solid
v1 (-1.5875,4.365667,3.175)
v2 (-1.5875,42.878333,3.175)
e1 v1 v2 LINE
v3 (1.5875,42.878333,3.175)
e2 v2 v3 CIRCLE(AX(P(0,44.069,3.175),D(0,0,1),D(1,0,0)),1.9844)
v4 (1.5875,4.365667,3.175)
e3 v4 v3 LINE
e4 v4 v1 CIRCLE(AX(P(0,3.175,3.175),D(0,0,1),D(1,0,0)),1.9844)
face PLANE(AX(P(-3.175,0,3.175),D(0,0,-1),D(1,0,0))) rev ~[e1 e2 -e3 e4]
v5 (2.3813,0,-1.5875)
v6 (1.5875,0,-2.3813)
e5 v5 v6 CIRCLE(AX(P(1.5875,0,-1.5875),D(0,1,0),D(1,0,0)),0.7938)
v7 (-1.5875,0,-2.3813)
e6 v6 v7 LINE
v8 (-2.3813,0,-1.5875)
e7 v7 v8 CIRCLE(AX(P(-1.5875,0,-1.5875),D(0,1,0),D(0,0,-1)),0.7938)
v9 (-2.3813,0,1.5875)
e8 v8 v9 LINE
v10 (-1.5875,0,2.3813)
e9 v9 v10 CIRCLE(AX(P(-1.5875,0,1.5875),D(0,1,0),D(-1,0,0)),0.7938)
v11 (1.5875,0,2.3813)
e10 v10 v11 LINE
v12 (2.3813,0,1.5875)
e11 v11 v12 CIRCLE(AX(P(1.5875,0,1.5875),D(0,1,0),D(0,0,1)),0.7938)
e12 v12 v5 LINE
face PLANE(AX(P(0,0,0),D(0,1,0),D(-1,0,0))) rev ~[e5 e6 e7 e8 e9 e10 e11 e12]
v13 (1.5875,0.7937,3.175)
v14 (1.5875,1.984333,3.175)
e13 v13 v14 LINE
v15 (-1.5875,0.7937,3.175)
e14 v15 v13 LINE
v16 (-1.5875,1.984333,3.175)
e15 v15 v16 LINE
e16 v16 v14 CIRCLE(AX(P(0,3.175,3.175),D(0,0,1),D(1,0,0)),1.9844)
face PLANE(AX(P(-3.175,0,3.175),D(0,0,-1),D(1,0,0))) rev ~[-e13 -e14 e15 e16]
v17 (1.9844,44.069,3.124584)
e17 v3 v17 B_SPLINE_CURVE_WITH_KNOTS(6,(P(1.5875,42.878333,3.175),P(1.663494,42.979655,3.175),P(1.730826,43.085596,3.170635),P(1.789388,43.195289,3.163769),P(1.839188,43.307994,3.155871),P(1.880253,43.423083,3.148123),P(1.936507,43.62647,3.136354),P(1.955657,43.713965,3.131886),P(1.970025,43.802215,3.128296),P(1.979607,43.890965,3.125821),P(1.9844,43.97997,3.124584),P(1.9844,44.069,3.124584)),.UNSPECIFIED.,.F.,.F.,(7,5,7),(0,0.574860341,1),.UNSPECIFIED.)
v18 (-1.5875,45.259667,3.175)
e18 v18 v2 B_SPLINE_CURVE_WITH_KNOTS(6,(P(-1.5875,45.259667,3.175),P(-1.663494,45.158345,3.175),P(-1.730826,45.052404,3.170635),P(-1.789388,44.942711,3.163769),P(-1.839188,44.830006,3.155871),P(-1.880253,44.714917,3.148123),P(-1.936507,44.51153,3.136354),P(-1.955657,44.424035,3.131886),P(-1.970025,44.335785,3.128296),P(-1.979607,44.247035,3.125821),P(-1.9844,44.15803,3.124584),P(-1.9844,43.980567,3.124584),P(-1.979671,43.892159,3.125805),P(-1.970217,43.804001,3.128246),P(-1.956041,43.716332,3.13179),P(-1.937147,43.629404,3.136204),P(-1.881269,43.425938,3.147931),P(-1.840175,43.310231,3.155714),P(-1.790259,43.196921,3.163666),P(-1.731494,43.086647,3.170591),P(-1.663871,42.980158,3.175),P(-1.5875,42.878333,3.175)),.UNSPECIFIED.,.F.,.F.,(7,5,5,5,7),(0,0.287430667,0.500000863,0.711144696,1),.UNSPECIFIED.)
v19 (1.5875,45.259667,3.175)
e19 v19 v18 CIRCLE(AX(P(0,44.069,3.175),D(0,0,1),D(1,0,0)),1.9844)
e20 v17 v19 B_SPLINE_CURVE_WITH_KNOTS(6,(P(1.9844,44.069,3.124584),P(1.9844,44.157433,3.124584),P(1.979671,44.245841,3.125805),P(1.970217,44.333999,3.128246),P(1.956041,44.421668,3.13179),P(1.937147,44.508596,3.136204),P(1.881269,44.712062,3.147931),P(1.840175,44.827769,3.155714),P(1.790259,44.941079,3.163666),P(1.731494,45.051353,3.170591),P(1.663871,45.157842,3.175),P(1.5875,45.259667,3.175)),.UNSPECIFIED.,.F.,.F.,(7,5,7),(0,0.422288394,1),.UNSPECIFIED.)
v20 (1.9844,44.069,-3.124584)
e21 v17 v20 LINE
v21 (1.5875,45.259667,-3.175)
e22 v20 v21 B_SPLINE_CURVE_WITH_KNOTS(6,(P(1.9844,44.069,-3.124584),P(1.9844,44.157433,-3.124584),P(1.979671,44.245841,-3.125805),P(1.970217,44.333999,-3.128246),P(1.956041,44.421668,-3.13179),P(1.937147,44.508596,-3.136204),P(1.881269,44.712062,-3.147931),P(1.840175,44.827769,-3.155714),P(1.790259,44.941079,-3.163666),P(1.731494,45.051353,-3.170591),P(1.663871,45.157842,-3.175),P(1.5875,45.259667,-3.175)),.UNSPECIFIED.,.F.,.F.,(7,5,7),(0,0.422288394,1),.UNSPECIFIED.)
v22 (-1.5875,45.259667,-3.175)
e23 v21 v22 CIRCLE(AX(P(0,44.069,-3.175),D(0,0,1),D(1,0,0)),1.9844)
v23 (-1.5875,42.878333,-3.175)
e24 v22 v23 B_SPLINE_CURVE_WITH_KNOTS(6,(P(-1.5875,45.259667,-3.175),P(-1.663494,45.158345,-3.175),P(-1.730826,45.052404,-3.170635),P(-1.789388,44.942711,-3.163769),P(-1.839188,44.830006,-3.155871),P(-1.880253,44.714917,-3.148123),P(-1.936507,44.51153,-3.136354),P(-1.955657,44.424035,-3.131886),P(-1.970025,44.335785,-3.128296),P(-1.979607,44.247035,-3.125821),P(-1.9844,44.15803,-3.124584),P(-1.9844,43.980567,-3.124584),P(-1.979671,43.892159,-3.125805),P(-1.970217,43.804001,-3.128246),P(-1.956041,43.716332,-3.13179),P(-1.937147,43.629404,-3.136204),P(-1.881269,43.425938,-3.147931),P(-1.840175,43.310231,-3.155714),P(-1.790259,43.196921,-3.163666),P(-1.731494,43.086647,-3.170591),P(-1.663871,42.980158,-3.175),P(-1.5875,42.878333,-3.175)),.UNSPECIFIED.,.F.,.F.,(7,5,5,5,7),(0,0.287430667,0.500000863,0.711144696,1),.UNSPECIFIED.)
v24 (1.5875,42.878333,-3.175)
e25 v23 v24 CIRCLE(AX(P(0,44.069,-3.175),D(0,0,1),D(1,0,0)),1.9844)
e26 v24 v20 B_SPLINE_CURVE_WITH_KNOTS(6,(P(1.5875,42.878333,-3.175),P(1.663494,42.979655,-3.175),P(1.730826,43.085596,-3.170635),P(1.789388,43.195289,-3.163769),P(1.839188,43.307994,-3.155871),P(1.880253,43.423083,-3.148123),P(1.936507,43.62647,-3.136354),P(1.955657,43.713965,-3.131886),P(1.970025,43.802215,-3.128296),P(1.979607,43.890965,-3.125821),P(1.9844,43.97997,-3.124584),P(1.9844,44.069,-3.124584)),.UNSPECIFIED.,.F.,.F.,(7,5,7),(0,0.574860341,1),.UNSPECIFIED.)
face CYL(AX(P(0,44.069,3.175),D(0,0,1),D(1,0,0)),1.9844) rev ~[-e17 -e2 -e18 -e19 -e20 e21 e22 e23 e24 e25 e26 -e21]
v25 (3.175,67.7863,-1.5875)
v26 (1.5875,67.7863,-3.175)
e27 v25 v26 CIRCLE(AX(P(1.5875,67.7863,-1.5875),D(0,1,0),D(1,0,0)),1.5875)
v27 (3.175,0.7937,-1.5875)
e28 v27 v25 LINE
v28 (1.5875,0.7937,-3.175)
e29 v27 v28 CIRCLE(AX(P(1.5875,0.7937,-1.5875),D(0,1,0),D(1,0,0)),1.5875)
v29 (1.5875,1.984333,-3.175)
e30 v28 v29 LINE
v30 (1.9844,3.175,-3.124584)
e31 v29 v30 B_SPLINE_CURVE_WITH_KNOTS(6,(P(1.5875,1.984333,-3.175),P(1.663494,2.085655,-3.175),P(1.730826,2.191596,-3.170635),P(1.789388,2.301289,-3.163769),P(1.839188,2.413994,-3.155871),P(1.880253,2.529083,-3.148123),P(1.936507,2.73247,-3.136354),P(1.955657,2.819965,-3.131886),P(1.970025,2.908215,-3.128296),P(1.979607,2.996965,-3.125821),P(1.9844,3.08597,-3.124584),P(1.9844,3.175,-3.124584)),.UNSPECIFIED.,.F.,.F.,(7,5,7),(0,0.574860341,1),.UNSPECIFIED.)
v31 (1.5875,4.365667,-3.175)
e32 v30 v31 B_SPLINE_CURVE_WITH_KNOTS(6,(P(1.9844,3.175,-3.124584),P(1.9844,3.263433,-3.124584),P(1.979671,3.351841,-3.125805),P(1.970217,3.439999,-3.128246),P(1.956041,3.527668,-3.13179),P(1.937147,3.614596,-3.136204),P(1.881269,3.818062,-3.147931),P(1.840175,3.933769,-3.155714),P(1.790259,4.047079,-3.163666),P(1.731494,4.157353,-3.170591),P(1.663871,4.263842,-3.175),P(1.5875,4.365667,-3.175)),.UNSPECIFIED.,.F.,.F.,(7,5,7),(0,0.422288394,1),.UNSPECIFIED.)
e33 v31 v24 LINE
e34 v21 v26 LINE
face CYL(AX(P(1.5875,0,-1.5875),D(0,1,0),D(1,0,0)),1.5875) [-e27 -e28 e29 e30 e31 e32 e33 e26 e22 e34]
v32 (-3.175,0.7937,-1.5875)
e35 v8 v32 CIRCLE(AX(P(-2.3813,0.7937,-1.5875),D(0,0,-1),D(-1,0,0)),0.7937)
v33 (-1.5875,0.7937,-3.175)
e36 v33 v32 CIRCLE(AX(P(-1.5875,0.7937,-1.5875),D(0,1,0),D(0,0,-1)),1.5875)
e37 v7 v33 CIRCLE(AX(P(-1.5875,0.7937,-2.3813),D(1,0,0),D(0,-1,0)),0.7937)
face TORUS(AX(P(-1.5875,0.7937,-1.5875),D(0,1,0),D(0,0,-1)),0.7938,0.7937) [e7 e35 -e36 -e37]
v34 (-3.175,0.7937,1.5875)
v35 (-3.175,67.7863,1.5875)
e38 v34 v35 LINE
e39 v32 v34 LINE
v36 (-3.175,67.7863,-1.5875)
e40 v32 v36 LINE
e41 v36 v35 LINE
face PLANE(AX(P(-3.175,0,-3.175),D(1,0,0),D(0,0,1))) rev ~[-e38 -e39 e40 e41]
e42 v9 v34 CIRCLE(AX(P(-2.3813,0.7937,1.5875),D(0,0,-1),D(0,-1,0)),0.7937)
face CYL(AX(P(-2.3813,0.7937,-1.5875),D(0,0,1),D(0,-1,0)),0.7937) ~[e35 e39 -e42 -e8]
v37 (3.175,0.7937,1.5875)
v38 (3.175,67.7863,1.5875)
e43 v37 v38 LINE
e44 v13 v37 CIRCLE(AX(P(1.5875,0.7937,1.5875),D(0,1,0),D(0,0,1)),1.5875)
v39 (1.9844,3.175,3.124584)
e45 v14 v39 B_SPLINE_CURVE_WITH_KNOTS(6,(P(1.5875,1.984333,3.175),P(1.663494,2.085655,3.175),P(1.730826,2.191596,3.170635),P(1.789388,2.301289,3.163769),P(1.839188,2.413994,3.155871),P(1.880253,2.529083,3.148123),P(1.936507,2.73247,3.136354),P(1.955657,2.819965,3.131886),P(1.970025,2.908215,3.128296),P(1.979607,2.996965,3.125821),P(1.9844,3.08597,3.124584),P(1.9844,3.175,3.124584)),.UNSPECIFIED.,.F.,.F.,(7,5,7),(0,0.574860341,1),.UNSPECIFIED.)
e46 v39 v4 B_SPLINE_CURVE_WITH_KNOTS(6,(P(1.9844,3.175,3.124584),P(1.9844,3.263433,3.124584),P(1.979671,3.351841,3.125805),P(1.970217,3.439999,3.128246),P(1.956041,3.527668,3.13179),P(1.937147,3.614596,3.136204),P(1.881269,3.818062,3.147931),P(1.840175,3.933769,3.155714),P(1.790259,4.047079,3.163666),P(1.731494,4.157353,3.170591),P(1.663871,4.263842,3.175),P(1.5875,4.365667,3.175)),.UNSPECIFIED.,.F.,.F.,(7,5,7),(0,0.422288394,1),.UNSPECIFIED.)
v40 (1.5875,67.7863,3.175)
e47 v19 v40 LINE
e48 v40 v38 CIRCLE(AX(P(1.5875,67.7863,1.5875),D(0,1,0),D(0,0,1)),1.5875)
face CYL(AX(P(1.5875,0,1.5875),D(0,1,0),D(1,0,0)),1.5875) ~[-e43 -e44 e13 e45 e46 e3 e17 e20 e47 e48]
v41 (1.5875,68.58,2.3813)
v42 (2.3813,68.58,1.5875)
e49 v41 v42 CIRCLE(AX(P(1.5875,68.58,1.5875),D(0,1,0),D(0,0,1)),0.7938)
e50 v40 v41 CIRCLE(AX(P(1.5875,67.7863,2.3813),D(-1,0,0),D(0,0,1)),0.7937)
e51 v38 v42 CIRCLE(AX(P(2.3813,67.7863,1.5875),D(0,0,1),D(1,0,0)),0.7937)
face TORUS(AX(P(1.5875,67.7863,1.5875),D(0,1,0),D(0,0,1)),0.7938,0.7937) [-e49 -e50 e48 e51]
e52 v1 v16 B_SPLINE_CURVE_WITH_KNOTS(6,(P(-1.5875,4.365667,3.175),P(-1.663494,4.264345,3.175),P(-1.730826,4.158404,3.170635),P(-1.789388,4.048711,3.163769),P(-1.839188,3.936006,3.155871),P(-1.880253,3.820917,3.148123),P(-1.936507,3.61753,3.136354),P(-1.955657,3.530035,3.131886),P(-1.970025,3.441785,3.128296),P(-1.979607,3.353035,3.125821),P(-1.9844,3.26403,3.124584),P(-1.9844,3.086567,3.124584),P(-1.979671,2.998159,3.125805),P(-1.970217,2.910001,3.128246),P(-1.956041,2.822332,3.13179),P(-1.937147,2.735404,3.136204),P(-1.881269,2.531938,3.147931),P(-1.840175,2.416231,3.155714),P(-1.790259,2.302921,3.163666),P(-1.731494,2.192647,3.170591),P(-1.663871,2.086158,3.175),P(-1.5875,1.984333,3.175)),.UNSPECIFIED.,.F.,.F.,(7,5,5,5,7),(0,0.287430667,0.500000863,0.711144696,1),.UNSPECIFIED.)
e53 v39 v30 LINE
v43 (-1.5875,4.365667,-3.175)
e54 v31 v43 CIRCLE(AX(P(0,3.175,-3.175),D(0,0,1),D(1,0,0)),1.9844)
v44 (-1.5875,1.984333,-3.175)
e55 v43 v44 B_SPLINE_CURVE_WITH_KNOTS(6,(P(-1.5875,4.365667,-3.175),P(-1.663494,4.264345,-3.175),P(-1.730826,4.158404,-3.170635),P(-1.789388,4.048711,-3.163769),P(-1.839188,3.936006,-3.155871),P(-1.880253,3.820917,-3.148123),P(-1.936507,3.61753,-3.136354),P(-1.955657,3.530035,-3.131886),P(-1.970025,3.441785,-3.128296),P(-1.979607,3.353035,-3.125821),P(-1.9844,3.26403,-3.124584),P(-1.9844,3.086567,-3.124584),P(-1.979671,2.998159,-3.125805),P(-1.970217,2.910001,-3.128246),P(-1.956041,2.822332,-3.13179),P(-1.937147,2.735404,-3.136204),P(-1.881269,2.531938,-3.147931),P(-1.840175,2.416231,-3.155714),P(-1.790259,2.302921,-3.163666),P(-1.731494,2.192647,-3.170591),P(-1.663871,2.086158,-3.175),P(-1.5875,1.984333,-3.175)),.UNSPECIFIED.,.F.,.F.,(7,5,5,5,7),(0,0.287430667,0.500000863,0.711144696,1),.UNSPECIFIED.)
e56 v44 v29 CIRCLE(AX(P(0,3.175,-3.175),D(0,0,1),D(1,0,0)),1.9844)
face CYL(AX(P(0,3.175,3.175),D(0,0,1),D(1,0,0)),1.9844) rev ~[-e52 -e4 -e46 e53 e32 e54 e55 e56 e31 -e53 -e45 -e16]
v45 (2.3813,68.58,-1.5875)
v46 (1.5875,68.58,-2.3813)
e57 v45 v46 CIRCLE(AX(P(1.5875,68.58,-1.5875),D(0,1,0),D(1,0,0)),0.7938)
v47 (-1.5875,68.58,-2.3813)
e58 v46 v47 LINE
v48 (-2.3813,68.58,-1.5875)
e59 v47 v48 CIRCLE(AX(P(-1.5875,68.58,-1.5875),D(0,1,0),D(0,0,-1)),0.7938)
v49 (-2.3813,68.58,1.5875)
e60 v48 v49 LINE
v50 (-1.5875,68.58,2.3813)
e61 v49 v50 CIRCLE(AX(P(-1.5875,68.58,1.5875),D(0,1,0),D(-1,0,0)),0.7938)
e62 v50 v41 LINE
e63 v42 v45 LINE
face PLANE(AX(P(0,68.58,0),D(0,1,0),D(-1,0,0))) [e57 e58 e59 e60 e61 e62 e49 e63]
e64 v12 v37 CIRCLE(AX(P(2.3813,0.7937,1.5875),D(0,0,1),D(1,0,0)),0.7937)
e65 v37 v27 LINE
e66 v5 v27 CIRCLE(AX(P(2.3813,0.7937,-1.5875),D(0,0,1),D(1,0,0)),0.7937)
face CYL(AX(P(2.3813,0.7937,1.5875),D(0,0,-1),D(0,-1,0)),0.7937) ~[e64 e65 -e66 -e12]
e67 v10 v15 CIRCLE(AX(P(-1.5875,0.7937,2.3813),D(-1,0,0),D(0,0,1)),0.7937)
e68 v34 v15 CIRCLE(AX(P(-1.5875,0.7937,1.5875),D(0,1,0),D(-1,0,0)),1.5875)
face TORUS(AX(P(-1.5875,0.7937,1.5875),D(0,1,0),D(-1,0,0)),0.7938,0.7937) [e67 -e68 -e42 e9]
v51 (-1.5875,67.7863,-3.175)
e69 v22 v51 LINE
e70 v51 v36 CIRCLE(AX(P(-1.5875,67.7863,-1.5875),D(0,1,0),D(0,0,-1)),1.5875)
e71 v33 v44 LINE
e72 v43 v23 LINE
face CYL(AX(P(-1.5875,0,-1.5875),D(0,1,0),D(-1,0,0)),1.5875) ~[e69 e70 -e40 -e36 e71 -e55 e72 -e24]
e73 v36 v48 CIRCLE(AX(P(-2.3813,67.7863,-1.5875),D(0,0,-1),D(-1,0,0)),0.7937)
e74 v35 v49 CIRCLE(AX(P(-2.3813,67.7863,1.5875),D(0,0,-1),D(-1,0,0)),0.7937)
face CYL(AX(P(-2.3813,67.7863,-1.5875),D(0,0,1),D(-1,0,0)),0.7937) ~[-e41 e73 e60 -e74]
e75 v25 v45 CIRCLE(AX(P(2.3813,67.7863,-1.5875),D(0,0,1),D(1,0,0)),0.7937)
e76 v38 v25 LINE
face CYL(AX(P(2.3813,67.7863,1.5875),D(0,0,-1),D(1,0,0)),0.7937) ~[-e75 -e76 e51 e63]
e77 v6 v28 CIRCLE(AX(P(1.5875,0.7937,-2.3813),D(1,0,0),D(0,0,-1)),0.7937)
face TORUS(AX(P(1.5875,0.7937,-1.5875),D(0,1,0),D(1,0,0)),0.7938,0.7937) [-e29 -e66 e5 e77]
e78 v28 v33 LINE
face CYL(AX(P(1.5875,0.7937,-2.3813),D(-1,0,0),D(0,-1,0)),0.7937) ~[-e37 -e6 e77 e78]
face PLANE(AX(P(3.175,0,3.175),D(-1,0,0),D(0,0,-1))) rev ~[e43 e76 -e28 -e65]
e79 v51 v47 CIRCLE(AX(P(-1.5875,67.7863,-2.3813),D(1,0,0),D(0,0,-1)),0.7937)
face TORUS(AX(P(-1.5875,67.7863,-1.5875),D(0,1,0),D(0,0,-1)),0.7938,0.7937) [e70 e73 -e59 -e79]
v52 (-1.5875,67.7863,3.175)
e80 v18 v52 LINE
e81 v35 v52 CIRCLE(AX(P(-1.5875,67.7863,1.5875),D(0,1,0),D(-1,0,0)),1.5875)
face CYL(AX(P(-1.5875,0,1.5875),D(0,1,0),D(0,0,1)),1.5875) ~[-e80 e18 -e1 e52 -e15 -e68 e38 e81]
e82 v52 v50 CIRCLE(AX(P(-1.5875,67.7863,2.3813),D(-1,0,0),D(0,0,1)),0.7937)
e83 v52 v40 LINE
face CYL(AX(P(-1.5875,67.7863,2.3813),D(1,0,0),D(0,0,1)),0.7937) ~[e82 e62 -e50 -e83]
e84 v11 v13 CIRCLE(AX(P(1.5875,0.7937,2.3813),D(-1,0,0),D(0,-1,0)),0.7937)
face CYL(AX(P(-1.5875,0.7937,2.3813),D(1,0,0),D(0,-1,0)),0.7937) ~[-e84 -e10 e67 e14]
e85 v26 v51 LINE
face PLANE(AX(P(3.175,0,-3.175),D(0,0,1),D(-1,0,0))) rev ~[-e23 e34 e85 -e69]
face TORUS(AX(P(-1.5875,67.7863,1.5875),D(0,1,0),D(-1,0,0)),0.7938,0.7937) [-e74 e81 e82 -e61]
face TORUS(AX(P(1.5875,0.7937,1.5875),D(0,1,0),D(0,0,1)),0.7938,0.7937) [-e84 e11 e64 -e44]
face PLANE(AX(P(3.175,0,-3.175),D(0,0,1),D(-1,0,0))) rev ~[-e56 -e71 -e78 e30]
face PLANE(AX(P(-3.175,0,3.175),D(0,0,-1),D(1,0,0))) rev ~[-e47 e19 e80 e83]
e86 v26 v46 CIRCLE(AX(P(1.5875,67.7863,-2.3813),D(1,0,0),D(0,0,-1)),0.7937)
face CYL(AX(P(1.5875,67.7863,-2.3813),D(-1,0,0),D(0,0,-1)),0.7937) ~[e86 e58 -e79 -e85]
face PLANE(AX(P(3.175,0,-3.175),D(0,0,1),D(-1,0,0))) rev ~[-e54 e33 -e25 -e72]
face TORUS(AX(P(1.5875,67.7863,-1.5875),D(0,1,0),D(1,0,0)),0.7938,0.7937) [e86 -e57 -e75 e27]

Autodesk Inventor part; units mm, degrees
ref_plane "YZ Plane" through (0, 0, 0) normal (1, 0, 0) x (0, 1, 0)
ref_plane "XZ Plane" through (0, 0, 0) normal (0, 1, 0) x (-1, 0, 0)
ref_plane "XY Plane" through (0, 0, 0) normal (0, 0, 1) x (1, 0, 0)
sketch "Sketch1" plane through (0, 0, 0) normal (0, 1, 0) x (-1, 0, 0)
  line L0 (-3.175, -3.175) -> (3.175, -3.175)
  line L1 (3.175, -3.175) -> (3.175, 3.175)
  line L2 (3.175, 3.175) -> (-3.175, 3.175)
  line L3 (-3.175, 3.175) -> (-3.175, -3.175)
  line L4 (-3.175, -3.175) -> (3.175, 3.175) construction
  line L5 (3.175, -3.175) -> (-3.175, 3.175) construction
  point P0 (0, 0)
  dimension "d0" = 6.35
  dimension "d1" = 6.35
extrude "Extrusion1" add sketch "Sketch1" along normal blind 68.58
fillet "Fillet1" radius 1.5875 4 edges at (3.175, 34.29, 3.175) (3.175, 34.29, -3.175) (-3.175, 34.29, -3.175) (-3.175, 34.29, 3.175)
fillet "Fillet2" radius 0.7937 16 edges at (2.71, 0, -2.71) (0, 0, -3.175) (-2.71, 0, -2.71) (-3.175, 0, 0) (-2.71, 0, 2.71) (0, 0, 3.175) (2.71, 0, 2.71) (3.175, 0, 0) (2.71, 68.58, -2.71) (0, 68.58, -3.175) (-2.71, 68.58, -2.71) (-3.175, 68.58, 0) (-2.71, 68.58, 2.71) (0, 68.58, 3.175) (2.71, 68.58, 2.71) (3.175, 68.58, 0)
sketch "Sketch2" plane through (-1.5875, 67.7863, 3.175) normal (0, 0, 1) x (1, 0, 0)
  circle A0 centre (1.5875, -64.6113) radius 1.9844
  line L0 (0, -67.7863) -> (3.175, -67.7863) projected
  point P0 (1.5875, -67.7863)
  dimension "d6" = 3.9688
  dimension "d7" = 3.175
extrude "Extrusion2" cut sketch "Sketch2" against normal blind 50.8
sketch "Sketch3" plane through (-1.5875, 67.7863, 3.175) normal (0, 0, 1) x (1, 0, 0)
  circle A0 centre (1.5875, -23.7173) radius 1.9844
  arc A1 (3.175, -63.4206) -> (0, -63.4206) centre (1.5875, -64.6113) ccw projected
  point P0 (1.5875, -67.7863)
  dimension "d10" = 3.9688
  dimension "d11" = 40.894
extrude "Extrusion3" cut sketch "Sketch3" against normal blind 50.8
properties part number "wedgec" material "Stainless Steel"
